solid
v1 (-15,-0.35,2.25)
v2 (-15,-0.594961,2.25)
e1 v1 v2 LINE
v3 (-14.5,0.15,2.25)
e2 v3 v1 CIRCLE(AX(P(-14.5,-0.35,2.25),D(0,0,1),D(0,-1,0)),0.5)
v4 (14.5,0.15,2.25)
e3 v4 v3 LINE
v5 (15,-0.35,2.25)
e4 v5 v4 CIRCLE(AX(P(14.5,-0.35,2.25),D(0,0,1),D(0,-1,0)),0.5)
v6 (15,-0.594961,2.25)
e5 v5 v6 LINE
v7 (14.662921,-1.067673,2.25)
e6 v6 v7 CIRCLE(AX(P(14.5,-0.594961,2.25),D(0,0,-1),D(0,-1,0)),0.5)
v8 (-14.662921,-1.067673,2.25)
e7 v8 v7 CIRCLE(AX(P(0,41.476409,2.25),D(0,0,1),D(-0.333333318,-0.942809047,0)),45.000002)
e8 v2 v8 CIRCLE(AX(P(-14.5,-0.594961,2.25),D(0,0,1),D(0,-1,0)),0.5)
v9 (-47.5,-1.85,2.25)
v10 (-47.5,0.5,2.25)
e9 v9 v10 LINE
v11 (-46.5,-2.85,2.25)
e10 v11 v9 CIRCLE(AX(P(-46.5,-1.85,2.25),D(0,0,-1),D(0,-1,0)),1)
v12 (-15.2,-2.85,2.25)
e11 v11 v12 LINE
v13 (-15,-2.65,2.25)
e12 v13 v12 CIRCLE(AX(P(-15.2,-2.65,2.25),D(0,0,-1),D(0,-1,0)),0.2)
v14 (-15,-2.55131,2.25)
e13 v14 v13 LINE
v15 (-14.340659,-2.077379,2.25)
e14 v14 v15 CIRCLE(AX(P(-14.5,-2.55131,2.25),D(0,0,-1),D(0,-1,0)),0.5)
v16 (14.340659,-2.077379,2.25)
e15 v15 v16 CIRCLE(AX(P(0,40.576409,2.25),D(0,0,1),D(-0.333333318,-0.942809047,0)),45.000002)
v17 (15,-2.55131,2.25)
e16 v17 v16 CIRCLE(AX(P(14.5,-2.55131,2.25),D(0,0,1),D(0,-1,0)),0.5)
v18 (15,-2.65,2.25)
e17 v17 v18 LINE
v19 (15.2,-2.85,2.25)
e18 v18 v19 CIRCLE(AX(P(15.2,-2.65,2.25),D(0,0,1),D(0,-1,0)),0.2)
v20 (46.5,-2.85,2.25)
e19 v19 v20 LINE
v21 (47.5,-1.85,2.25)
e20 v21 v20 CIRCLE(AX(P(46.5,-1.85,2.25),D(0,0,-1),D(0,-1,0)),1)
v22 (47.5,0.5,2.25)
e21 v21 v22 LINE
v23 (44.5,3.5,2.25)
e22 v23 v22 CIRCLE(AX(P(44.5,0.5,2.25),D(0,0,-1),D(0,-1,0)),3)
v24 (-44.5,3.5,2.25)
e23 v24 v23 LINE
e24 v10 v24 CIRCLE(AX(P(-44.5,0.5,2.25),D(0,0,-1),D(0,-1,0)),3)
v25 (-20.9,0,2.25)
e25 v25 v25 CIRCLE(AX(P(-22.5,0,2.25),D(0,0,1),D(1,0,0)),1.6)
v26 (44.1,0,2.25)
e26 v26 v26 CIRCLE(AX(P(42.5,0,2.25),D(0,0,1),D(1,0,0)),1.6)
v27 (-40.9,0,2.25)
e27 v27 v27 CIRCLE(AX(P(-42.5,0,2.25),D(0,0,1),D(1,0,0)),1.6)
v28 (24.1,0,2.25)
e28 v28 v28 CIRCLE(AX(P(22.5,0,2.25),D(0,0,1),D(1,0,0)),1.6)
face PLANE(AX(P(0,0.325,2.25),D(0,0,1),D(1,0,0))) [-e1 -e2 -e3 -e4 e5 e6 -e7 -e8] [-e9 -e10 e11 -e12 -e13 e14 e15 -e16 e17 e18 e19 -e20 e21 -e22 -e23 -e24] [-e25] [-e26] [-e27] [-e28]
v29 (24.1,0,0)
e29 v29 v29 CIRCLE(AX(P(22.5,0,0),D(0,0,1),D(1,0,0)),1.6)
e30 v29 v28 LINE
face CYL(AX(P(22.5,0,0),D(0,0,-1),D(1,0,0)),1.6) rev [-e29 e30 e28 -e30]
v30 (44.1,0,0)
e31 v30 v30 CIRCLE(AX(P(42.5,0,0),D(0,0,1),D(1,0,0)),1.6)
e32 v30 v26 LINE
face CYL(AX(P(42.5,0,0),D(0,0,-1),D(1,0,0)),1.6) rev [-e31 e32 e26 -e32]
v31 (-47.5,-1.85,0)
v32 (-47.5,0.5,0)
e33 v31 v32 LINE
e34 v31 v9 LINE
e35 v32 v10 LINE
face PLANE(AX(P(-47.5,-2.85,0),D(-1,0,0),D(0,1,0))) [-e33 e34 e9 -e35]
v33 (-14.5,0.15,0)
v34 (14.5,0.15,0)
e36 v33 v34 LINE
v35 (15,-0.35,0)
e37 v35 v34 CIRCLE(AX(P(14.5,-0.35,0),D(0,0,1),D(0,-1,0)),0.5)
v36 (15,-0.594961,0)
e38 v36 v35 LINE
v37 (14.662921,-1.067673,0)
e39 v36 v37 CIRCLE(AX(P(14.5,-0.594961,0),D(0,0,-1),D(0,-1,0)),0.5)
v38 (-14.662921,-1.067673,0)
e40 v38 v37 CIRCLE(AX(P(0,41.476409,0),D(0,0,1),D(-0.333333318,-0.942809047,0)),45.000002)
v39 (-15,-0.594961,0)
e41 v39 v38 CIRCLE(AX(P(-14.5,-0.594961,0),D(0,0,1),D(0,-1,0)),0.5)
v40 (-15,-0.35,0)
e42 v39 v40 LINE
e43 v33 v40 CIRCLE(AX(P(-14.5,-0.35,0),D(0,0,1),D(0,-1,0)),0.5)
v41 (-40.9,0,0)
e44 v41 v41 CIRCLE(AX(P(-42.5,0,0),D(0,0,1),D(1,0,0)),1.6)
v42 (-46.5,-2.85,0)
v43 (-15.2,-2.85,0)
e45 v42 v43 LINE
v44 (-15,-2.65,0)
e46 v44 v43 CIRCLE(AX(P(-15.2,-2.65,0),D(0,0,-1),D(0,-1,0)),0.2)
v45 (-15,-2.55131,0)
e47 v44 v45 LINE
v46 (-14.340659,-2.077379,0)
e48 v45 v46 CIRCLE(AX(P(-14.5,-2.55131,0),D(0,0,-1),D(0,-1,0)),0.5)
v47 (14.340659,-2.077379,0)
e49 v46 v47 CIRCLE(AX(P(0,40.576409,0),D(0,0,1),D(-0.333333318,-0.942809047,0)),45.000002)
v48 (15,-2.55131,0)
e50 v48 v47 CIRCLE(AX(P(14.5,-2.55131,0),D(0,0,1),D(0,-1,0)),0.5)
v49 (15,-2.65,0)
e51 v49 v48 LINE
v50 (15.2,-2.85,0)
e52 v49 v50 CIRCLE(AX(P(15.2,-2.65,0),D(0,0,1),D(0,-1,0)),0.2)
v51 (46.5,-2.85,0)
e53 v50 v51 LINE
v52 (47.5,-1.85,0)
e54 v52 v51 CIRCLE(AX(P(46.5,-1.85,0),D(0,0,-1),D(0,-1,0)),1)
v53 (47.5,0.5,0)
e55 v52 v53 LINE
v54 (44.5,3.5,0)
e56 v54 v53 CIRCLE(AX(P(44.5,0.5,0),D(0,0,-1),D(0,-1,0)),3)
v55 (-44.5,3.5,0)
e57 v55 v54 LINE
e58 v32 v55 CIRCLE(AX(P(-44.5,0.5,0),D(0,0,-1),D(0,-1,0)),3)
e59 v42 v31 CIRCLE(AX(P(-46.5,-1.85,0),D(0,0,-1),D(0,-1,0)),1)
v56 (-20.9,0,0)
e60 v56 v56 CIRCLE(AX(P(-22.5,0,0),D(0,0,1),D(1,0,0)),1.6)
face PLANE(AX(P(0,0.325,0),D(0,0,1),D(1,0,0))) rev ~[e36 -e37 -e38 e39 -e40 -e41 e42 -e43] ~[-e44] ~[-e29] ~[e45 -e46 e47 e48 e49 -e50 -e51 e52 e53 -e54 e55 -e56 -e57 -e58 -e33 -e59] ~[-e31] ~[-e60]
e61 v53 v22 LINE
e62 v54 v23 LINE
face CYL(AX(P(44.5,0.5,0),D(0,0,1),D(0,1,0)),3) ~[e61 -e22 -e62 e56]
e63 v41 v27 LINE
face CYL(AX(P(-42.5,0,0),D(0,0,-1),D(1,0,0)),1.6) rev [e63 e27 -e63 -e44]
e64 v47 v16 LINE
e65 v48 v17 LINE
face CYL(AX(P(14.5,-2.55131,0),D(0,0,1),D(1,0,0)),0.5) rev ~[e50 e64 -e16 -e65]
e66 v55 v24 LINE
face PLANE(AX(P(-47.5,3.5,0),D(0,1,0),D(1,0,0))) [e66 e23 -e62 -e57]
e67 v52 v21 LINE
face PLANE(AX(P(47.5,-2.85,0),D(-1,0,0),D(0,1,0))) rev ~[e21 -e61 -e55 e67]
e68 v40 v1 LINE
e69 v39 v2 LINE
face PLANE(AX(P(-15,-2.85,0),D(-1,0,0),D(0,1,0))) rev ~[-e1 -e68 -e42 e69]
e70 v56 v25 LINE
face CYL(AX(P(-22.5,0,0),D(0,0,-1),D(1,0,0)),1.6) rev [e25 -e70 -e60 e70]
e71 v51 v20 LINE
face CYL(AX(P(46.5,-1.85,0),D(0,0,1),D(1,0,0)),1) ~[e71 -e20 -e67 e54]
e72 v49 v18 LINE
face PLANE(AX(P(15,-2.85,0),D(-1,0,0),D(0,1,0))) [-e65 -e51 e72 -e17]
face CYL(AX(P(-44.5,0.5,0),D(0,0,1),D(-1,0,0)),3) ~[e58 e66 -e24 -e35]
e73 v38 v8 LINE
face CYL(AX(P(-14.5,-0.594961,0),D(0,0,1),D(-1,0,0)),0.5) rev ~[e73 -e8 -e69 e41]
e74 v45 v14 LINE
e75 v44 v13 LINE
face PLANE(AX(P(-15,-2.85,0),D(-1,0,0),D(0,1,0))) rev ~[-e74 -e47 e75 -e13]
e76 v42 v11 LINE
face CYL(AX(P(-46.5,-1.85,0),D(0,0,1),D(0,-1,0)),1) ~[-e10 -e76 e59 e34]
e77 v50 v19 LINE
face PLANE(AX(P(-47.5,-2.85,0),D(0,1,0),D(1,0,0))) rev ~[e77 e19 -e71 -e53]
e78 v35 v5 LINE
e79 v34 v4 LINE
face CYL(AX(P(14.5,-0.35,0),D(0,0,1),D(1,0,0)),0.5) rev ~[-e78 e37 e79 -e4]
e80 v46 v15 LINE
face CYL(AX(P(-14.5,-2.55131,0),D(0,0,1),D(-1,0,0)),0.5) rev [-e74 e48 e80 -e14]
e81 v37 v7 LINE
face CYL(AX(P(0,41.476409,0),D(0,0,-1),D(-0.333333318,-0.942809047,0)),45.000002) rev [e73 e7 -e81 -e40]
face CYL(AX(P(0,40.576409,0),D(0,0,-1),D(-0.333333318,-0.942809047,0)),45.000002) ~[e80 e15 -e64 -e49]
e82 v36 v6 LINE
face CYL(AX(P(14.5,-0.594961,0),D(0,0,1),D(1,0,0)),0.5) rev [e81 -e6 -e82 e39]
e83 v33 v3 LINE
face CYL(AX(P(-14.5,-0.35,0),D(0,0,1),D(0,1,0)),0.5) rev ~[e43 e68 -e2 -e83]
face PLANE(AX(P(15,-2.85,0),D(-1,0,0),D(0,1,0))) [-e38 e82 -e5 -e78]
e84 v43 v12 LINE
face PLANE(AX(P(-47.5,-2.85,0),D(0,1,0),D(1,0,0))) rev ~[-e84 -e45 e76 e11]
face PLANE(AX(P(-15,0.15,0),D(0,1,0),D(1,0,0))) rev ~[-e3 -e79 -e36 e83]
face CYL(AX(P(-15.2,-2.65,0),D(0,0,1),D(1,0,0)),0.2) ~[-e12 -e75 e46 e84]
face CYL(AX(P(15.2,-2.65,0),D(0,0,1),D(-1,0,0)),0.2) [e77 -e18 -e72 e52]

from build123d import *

# Parameters (mm, degrees)
SKETCH011_W          = 95
SKETCH011_H          = 6.35
SKETCH011_R          = 1.6
PAD005_DEPTH         = 2.25
SKETCH012_W          = 30
SKETCH012_H          = 3
POCKET003_DEPTH      = 0.001
POCKET003_DEPTH_BACK = 2.251
PAD006_DEPTH         = 2.25
FILLET002_R          = 0.5
FILLET004_R          = 0.2
FILLET003_R          = 1
FILLET005_R          = 3


with BuildPart() as part:
    # Sketch011 → Pad005 (new body)
    with BuildSketch(Plane.XY):
        with Locations((0, 0.325)):
            Rectangle(SKETCH011_W, SKETCH011_H)
        with Locations((-42.5, 0)):
            Circle(SKETCH011_R, mode=Mode.SUBTRACT)
        with Locations((42.5, 0)):
            Circle(SKETCH011_R, mode=Mode.SUBTRACT)
        with Locations((-22.5, 0)):
            Circle(SKETCH011_R, mode=Mode.SUBTRACT)
        with Locations((22.5, 0)):
            Circle(SKETCH011_R, mode=Mode.SUBTRACT)
    extrude(amount=PAD005_DEPTH)

    # Sketch012 → Pocket003 (cut, two sides)
    with BuildSketch(Plane.XY) as pocket003_sk:
        with Locations((0, -1.35)):
            Rectangle(SKETCH012_W, SKETCH012_H)
    extrude(amount=-POCKET003_DEPTH, mode=Mode.SUBTRACT)
    extrude(pocket003_sk.sketch, amount=POCKET003_DEPTH_BACK, mode=Mode.SUBTRACT)

    # Sketch013 → Pad006 (join)
    with BuildSketch(Plane.XY):
        with BuildLine():
            ThreePointArc((-15, -1.85), (0, -4.423593), (15, -1.85))
            Line((15, -0.95), (15, -1.85))
            ThreePointArc((-15, -0.95), (0, -3.523593), (15, -0.95))
            Line((-15, -0.95), (-15, -1.85))
        make_face()
    extrude(amount=PAD006_DEPTH)

    # Fillet002
    fillet002_edges = [part.edges().sort_by_distance(p)[0] for p in [
        (15, 0.15, 1.125),
        (-15, 0.15, 1.125),
        (-15, -0.95, 1.125),
        (15, -0.95, 1.125),
        (-15, -1.85, 1.125),
        (15, -1.85, 1.125),
    ]]
    fillet(fillet002_edges, radius=FILLET002_R)

    # Fillet004
    fillet004_edges = [part.edges().sort_by_distance(p)[0] for p in [
        (15, -2.85, 1.125),
        (-15, -2.85, 1.125),
    ]]
    fillet(fillet004_edges, radius=FILLET004_R)

    # Fillet003
    fillet003_edges = [part.edges().sort_by_distance(p)[0] for p in [
        (-47.5, -2.85, 1.125),
        (47.5, -2.85, 1.125),
    ]]
    fillet(fillet003_edges, radius=FILLET003_R)

    # Fillet005
    fillet005_edges = [part.edges().sort_by_distance(p)[0] for p in [
        (-47.5, 3.5, 1.125),
        (47.5, 3.5, 1.125),
    ]]
    fillet(fillet005_edges, radius=FILLET005_R)


solid = part.part
